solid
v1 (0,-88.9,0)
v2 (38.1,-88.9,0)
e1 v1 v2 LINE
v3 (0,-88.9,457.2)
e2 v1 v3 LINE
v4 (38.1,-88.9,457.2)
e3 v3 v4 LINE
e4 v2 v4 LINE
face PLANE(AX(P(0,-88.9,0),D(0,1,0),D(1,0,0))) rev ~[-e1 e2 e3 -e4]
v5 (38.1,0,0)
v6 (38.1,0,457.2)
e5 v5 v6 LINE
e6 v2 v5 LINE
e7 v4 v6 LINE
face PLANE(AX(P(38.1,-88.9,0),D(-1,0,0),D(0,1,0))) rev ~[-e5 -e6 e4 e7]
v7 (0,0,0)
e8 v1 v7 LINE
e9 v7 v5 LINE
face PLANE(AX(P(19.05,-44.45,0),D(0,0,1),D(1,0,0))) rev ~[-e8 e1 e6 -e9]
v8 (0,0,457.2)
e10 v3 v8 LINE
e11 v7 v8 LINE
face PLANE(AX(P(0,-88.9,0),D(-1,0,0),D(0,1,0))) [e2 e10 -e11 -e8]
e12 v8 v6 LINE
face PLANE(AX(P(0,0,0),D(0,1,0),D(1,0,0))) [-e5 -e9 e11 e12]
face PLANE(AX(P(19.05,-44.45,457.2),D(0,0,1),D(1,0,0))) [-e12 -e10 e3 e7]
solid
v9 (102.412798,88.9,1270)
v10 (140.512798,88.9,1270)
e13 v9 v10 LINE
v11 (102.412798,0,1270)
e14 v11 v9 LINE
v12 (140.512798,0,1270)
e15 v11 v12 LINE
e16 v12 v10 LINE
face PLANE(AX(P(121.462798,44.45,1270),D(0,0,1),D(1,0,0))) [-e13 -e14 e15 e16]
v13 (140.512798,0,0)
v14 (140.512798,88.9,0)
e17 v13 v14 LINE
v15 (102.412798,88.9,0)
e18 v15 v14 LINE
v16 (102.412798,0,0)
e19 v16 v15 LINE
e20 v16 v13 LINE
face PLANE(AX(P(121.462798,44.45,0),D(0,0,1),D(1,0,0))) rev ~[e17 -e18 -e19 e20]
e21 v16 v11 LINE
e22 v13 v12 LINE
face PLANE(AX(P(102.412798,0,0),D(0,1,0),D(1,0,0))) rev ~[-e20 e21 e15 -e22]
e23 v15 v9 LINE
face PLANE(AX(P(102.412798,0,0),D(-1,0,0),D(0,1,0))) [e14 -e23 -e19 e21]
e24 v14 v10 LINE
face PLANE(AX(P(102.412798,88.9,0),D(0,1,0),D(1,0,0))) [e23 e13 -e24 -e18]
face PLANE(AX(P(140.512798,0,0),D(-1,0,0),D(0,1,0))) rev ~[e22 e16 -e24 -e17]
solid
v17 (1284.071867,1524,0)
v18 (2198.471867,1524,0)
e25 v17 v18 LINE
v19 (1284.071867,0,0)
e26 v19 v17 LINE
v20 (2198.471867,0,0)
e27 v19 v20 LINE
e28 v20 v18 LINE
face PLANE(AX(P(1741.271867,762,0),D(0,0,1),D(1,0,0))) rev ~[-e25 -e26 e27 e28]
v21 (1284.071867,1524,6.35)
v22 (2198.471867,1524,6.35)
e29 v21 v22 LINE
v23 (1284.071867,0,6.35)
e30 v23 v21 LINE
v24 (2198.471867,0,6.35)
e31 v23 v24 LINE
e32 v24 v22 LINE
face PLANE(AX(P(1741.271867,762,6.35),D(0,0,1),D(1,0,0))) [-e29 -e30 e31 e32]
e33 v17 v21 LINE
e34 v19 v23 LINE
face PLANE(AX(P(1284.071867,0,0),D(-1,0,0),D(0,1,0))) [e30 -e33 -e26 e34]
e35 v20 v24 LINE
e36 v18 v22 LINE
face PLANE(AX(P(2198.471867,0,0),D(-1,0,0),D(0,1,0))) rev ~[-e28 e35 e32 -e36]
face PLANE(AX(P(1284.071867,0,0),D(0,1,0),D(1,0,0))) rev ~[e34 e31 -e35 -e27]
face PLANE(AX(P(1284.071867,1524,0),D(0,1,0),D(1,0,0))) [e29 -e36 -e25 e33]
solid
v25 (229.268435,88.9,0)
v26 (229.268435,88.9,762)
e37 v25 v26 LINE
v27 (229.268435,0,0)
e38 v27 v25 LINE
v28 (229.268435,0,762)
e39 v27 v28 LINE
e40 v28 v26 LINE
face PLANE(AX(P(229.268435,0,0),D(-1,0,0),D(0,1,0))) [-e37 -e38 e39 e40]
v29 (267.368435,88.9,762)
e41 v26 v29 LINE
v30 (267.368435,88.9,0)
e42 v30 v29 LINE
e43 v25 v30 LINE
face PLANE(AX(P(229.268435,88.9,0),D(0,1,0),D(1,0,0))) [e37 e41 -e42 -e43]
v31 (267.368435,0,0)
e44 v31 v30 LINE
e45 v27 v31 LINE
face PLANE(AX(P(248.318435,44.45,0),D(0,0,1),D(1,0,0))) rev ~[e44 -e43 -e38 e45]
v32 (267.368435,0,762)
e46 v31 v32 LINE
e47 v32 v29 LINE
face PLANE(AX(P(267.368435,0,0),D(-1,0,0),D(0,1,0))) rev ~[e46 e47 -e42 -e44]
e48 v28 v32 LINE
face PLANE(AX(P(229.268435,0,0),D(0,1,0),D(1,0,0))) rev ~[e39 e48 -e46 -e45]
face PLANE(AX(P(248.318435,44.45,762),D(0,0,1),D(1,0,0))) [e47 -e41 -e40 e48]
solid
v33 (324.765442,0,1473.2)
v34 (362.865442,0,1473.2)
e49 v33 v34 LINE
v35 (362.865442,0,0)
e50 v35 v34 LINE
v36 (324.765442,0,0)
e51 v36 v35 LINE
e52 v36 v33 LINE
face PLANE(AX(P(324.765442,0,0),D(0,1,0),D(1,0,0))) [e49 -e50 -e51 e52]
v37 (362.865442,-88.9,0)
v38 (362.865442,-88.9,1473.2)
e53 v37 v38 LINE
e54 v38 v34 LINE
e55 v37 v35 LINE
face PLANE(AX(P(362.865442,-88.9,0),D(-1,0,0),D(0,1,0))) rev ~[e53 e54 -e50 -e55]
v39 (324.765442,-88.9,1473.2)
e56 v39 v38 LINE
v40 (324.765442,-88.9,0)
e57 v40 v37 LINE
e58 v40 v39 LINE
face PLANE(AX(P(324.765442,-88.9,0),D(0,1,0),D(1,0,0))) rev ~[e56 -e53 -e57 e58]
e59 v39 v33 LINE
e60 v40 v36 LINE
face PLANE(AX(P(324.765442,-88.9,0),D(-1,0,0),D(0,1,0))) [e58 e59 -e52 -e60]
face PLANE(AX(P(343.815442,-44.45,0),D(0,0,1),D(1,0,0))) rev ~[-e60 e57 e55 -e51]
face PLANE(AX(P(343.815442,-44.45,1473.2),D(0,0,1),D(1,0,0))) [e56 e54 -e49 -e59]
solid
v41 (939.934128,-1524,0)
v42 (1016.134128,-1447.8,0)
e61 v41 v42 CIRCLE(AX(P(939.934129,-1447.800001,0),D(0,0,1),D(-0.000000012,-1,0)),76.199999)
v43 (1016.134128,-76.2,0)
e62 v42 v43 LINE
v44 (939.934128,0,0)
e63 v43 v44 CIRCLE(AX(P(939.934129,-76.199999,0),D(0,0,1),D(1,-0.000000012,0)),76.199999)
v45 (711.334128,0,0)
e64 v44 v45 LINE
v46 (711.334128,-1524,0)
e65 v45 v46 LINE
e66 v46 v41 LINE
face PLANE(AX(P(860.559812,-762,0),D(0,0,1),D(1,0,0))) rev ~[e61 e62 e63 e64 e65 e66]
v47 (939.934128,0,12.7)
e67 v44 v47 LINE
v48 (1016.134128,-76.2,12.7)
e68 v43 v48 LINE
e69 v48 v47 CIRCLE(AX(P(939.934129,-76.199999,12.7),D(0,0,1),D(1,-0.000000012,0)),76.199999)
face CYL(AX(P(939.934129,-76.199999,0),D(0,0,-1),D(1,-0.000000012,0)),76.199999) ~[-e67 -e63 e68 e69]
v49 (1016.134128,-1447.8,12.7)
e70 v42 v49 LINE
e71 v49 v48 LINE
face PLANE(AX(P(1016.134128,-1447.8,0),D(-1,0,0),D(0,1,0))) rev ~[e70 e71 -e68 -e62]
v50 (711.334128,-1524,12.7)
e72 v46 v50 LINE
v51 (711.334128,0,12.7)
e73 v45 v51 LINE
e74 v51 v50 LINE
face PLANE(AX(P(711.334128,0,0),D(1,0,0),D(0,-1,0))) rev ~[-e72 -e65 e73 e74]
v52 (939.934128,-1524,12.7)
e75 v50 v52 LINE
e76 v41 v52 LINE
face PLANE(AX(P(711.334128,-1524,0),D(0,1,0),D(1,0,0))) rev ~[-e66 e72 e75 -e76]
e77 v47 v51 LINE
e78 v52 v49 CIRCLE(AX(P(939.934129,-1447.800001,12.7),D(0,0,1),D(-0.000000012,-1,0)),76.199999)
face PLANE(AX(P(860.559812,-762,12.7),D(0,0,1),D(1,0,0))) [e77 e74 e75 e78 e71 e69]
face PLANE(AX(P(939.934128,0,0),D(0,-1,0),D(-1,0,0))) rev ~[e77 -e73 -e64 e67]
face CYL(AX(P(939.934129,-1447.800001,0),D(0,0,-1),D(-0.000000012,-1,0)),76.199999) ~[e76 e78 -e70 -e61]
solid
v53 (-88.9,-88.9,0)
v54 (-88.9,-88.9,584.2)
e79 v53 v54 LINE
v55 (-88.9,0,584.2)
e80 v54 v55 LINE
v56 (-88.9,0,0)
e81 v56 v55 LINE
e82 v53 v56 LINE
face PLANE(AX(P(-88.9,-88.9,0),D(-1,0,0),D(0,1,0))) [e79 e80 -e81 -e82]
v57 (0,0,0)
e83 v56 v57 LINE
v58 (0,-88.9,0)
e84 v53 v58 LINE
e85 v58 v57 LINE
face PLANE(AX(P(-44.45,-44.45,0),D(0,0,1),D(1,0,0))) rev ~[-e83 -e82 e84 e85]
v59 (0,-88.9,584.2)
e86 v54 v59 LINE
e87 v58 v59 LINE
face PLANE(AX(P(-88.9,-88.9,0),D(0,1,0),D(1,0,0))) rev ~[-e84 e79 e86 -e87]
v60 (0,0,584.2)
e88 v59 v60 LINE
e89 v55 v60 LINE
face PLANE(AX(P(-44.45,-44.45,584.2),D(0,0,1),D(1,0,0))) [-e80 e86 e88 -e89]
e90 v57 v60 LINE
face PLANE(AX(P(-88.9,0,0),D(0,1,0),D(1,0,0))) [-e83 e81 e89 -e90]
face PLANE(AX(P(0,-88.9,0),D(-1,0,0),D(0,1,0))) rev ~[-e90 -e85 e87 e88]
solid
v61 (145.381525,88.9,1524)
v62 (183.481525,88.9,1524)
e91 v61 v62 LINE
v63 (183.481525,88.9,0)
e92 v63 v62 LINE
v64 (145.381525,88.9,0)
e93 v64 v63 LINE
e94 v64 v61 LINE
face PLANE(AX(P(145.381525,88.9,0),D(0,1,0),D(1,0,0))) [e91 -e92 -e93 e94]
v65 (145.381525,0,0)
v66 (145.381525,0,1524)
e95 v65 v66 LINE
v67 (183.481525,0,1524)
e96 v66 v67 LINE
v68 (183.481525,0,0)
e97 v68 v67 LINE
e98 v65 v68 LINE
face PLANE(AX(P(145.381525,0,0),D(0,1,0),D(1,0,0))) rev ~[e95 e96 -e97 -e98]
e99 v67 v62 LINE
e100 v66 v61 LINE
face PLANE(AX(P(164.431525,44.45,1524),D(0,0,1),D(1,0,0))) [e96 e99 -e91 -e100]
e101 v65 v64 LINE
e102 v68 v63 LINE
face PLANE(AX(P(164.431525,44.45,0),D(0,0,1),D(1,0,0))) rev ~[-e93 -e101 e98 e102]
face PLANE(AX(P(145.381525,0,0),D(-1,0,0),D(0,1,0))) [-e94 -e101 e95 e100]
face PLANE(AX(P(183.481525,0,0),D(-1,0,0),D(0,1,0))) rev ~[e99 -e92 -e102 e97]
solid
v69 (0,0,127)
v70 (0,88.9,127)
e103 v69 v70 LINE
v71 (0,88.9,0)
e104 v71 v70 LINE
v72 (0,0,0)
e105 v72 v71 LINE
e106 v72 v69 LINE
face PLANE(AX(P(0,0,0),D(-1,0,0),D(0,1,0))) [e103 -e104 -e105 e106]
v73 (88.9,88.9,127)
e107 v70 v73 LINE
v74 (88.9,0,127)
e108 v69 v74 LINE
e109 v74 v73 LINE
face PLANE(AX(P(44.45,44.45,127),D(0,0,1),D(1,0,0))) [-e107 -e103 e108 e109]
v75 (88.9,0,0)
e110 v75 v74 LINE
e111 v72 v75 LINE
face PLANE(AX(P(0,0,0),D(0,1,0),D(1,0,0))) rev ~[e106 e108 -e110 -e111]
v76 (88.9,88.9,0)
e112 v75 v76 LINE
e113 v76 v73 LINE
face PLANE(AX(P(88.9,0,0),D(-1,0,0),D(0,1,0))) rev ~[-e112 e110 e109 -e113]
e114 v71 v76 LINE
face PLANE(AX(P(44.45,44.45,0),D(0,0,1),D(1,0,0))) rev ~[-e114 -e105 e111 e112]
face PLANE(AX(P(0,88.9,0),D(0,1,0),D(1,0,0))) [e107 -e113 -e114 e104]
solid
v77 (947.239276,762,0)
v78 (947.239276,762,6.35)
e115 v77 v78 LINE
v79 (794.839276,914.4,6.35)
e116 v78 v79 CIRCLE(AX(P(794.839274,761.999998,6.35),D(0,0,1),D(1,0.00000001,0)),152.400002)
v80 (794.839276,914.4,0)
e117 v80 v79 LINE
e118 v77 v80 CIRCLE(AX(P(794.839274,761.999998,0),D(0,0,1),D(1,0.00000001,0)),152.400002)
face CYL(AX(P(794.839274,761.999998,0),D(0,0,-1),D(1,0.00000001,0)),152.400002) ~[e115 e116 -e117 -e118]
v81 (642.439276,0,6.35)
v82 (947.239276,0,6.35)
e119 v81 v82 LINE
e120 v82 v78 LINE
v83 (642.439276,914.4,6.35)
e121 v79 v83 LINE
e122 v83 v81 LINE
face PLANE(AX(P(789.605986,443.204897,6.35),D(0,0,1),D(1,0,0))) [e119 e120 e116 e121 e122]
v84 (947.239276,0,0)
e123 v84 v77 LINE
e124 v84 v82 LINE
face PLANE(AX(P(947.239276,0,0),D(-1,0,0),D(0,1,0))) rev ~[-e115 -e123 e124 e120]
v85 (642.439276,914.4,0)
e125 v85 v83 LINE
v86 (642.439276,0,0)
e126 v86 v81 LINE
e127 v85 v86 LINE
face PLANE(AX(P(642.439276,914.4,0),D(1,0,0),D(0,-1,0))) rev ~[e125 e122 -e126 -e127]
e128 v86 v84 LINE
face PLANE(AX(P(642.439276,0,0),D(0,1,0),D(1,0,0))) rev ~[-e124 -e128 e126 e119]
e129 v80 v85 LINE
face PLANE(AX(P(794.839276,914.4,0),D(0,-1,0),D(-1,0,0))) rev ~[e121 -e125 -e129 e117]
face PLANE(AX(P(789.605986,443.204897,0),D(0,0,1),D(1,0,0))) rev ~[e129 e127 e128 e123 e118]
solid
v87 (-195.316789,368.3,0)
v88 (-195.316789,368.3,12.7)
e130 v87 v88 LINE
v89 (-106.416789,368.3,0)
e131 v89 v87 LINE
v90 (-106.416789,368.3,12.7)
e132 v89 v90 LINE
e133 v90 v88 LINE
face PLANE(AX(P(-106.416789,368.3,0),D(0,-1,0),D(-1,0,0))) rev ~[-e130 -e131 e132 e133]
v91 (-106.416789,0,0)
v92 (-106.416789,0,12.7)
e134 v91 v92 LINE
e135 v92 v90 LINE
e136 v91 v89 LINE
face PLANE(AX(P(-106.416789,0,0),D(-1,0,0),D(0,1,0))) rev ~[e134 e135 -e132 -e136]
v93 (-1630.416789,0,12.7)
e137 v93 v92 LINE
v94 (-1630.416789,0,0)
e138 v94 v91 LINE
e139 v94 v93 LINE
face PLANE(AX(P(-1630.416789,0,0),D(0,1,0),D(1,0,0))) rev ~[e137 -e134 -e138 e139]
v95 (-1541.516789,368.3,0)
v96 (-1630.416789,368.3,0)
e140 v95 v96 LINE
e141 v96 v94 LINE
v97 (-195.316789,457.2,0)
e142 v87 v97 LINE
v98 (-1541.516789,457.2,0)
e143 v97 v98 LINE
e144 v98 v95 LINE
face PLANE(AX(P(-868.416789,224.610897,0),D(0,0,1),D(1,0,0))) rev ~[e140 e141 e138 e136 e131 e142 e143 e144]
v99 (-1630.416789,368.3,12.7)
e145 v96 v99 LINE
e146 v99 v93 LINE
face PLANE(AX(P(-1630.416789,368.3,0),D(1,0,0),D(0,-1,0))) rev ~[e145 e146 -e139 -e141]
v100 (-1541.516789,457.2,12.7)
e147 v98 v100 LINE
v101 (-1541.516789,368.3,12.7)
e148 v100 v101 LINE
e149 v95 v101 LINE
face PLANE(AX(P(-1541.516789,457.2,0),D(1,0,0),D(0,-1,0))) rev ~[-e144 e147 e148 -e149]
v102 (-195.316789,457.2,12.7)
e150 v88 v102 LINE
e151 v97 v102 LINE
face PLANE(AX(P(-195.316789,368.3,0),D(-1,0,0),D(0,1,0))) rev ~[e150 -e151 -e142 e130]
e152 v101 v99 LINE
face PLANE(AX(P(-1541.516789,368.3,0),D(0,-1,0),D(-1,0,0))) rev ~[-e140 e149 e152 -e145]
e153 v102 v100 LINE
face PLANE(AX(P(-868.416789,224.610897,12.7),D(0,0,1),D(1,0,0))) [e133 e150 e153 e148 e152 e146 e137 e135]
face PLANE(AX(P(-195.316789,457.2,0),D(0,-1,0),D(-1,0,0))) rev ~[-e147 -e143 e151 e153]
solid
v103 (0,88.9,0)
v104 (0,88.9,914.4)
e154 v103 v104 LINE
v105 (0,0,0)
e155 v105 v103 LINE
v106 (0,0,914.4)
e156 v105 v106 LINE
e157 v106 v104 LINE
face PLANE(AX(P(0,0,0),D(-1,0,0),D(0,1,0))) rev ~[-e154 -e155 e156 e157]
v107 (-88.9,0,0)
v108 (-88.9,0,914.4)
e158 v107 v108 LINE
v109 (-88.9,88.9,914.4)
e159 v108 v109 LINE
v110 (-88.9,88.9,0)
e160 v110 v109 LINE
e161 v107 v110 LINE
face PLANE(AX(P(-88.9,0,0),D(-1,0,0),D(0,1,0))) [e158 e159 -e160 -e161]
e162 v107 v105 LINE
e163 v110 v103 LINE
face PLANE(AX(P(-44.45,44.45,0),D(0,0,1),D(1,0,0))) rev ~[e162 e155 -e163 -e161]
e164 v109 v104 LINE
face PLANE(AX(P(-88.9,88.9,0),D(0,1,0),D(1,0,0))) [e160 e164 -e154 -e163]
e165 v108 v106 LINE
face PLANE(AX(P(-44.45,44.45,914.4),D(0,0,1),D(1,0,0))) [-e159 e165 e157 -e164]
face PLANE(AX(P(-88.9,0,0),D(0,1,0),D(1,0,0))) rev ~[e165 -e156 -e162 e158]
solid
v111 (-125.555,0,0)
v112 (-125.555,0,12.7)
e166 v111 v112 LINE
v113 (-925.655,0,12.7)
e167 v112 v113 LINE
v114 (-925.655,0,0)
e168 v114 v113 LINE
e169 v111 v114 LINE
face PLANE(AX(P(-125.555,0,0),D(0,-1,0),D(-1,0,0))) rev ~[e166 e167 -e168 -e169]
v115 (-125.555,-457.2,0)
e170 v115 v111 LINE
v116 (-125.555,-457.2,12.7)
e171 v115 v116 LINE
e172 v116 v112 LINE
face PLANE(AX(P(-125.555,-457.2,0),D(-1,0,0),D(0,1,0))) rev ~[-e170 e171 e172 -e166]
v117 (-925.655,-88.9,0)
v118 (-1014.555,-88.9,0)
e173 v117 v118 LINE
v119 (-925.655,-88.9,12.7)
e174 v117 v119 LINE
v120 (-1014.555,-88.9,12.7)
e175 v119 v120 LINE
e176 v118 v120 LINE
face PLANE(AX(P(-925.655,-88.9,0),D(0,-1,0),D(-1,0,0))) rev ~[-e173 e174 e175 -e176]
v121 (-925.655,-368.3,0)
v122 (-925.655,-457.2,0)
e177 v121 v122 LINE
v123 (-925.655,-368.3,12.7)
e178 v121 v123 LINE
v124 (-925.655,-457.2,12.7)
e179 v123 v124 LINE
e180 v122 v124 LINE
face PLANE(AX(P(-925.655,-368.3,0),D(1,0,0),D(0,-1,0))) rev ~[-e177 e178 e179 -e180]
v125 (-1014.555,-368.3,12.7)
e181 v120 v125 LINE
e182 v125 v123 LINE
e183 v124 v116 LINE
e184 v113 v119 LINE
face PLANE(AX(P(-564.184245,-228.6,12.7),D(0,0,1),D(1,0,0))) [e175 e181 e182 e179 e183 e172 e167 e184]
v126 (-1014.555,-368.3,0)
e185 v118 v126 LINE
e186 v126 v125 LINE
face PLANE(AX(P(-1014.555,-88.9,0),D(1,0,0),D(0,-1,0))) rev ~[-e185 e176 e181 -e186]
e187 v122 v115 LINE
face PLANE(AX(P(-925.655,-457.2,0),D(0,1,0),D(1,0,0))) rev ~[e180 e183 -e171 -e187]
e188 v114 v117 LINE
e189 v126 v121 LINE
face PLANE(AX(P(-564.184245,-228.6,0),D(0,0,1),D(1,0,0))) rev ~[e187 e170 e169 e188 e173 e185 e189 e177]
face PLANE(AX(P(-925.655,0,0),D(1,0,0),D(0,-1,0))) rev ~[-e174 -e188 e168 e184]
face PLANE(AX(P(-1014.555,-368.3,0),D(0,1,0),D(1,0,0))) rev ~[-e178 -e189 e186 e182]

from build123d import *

# Parameters (mm, degrees)
F0_W      = 38.1
F0_H      = 88.9
F2_DEPTH  = 457.2
F1_W      = 88.9
F1_H      = 88.9
F3_DEPTH  = 914.4
F4_W      = 88.9
F4_H      = 88.9
F6_DEPTH  = 127
F5_W      = 88.9
F5_H      = 88.9
F7_DEPTH  = 584.2
F8_W      = 38.1
F8_H      = 88.9
F9_DEPTH  = 1270
F10_W     = 38.1
F10_H     = 88.9
F11_DEPTH = 1524
F12_W     = 38.1
F12_H     = 88.9
F13_DEPTH = 762
F15_DEPTH = 12.7
F17_DEPTH = 12.7
F19_DEPTH = 12.7
F21_DEPTH = 6.35
F22_W     = 914.4
F22_H     = 1524
F23_DEPTH = 6.35
F24_W     = 38.1
F24_H     = 88.9
F25_DEPTH = 1473.2


with BuildPart() as f2:
    # F0 (on Top) → F2 (new body)
    with BuildSketch(Plane.XY):
        with Locations((19.05, -44.45)):
            Rectangle(F0_W, F0_H)
    extrude(amount=F2_DEPTH)


with BuildPart() as f3:
    # F1 (on Top) → F3 (new body)
    with BuildSketch(Plane.XY):
        with Locations((-44.45, 44.45)):
            Rectangle(F1_W, F1_H)
    extrude(amount=F3_DEPTH)


with BuildPart() as f6:
    # F4 (on Top) → F6 (new body)
    with BuildSketch(Plane.XY):
        with Locations((44.45, 44.45)):
            Rectangle(F4_W, F4_H)
    extrude(amount=F6_DEPTH)


with BuildPart() as f7:
    # F5 (on Top) → F7 (new body)
    with BuildSketch(Plane.XY):
        with Locations((-44.45, -44.45)):
            Rectangle(F5_W, F5_H)
    extrude(amount=F7_DEPTH)


with BuildPart() as f9:
    # F8 (on Top) → F9 (new body)
    with BuildSketch(Plane.XY):
        with Locations((121.462798, 44.45)):
            Rectangle(F8_W, F8_H)
    extrude(amount=F9_DEPTH)


with BuildPart() as f11:
    # F10 (on Top) → F11 (new body)
    with BuildSketch(Plane.XY):
        with Locations((164.431525, 44.45)):
            Rectangle(F10_W, F10_H)
    extrude(amount=F11_DEPTH)


with BuildPart() as f13:
    # F12 (on Top) → F13 (new body)
    with BuildSketch(Plane.XY):
        with Locations((248.318435, 44.45)):
            Rectangle(F12_W, F12_H)
    extrude(amount=F13_DEPTH)


with BuildPart() as f15:
    # F14 (on Top) → F15 (new body)
    with BuildSketch(Plane.XY):
        Polygon((-1630.416789, 0), (-106.416789, 0), (-106.416789, 368.3), (-195.316789, 368.3), (-195.316789, 457.2), (-1541.516789, 457.2), (-1541.516789, 368.3), (-1630.416789, 368.3), align=None)
    extrude(amount=F15_DEPTH)


with BuildPart() as f17:
    # F16 (on Top) → F17 (new body)
    with BuildSketch(Plane.XY):
        Polygon((-125.555, -457.2), (-125.555, 0), (-925.655, 0), (-925.655, -88.9), (-1014.555, -88.9), (-1014.555, -368.3), (-925.655, -368.3), (-925.655, -457.2), align=None)
    extrude(amount=F17_DEPTH)


with BuildPart() as f19:
    # F18 (on Top) → F19 (new body)
    with BuildSketch(Plane.XY):
        with BuildLine():
            ThreePointArc((1016.134128, -76.2), (993.815665, -22.318463), (939.934128, 0))
            Line((939.934128, 0), (711.334128, 0))
            Line((711.334128, 0), (711.334128, -1524))
            Line((711.334128, -1524), (939.934128, -1524))
            ThreePointArc((939.934128, -1524), (993.815665, -1501.681537), (1016.134128, -1447.8))
            Line((1016.134128, -1447.8), (1016.134128, -76.2))
        make_face()
    extrude(amount=F19_DEPTH)


with BuildPart() as f21:
    # F20 (on Top) → F21 (new body)
    with BuildSketch(Plane.XY):
        with BuildLine():
            Line((642.439276, 914.4), (642.439276, 0))
            Line((642.439276, 0), (947.239276, 0))
            Line((947.239276, 0), (947.239276, 762))
            ThreePointArc((947.239276, 762), (902.602349, 869.763073), (794.839276, 914.4))
            Line((794.839276, 914.4), (642.439276, 914.4))
        make_face()
    extrude(amount=F21_DEPTH)


with BuildPart() as f23:
    # F22 (on Top) → F23 (new body)
    with BuildSketch(Plane.XY):
        with Locations((1741.271867, 762)):
            Rectangle(F22_W, F22_H)
    extrude(amount=F23_DEPTH)


with BuildPart() as f25:
    # F24 (on Top) → F25 (new body)
    with BuildSketch(Plane.XY):
        with Locations((343.815442, -44.45)):
            Rectangle(F24_W, F24_H)
    extrude(amount=F25_DEPTH)


solid = Compound([f2.part, f3.part, f6.part, f7.part, f9.part, f11.part, f13.part, f15.part, f17.part, f19.part, f21.part, f23.part, f25.part])
